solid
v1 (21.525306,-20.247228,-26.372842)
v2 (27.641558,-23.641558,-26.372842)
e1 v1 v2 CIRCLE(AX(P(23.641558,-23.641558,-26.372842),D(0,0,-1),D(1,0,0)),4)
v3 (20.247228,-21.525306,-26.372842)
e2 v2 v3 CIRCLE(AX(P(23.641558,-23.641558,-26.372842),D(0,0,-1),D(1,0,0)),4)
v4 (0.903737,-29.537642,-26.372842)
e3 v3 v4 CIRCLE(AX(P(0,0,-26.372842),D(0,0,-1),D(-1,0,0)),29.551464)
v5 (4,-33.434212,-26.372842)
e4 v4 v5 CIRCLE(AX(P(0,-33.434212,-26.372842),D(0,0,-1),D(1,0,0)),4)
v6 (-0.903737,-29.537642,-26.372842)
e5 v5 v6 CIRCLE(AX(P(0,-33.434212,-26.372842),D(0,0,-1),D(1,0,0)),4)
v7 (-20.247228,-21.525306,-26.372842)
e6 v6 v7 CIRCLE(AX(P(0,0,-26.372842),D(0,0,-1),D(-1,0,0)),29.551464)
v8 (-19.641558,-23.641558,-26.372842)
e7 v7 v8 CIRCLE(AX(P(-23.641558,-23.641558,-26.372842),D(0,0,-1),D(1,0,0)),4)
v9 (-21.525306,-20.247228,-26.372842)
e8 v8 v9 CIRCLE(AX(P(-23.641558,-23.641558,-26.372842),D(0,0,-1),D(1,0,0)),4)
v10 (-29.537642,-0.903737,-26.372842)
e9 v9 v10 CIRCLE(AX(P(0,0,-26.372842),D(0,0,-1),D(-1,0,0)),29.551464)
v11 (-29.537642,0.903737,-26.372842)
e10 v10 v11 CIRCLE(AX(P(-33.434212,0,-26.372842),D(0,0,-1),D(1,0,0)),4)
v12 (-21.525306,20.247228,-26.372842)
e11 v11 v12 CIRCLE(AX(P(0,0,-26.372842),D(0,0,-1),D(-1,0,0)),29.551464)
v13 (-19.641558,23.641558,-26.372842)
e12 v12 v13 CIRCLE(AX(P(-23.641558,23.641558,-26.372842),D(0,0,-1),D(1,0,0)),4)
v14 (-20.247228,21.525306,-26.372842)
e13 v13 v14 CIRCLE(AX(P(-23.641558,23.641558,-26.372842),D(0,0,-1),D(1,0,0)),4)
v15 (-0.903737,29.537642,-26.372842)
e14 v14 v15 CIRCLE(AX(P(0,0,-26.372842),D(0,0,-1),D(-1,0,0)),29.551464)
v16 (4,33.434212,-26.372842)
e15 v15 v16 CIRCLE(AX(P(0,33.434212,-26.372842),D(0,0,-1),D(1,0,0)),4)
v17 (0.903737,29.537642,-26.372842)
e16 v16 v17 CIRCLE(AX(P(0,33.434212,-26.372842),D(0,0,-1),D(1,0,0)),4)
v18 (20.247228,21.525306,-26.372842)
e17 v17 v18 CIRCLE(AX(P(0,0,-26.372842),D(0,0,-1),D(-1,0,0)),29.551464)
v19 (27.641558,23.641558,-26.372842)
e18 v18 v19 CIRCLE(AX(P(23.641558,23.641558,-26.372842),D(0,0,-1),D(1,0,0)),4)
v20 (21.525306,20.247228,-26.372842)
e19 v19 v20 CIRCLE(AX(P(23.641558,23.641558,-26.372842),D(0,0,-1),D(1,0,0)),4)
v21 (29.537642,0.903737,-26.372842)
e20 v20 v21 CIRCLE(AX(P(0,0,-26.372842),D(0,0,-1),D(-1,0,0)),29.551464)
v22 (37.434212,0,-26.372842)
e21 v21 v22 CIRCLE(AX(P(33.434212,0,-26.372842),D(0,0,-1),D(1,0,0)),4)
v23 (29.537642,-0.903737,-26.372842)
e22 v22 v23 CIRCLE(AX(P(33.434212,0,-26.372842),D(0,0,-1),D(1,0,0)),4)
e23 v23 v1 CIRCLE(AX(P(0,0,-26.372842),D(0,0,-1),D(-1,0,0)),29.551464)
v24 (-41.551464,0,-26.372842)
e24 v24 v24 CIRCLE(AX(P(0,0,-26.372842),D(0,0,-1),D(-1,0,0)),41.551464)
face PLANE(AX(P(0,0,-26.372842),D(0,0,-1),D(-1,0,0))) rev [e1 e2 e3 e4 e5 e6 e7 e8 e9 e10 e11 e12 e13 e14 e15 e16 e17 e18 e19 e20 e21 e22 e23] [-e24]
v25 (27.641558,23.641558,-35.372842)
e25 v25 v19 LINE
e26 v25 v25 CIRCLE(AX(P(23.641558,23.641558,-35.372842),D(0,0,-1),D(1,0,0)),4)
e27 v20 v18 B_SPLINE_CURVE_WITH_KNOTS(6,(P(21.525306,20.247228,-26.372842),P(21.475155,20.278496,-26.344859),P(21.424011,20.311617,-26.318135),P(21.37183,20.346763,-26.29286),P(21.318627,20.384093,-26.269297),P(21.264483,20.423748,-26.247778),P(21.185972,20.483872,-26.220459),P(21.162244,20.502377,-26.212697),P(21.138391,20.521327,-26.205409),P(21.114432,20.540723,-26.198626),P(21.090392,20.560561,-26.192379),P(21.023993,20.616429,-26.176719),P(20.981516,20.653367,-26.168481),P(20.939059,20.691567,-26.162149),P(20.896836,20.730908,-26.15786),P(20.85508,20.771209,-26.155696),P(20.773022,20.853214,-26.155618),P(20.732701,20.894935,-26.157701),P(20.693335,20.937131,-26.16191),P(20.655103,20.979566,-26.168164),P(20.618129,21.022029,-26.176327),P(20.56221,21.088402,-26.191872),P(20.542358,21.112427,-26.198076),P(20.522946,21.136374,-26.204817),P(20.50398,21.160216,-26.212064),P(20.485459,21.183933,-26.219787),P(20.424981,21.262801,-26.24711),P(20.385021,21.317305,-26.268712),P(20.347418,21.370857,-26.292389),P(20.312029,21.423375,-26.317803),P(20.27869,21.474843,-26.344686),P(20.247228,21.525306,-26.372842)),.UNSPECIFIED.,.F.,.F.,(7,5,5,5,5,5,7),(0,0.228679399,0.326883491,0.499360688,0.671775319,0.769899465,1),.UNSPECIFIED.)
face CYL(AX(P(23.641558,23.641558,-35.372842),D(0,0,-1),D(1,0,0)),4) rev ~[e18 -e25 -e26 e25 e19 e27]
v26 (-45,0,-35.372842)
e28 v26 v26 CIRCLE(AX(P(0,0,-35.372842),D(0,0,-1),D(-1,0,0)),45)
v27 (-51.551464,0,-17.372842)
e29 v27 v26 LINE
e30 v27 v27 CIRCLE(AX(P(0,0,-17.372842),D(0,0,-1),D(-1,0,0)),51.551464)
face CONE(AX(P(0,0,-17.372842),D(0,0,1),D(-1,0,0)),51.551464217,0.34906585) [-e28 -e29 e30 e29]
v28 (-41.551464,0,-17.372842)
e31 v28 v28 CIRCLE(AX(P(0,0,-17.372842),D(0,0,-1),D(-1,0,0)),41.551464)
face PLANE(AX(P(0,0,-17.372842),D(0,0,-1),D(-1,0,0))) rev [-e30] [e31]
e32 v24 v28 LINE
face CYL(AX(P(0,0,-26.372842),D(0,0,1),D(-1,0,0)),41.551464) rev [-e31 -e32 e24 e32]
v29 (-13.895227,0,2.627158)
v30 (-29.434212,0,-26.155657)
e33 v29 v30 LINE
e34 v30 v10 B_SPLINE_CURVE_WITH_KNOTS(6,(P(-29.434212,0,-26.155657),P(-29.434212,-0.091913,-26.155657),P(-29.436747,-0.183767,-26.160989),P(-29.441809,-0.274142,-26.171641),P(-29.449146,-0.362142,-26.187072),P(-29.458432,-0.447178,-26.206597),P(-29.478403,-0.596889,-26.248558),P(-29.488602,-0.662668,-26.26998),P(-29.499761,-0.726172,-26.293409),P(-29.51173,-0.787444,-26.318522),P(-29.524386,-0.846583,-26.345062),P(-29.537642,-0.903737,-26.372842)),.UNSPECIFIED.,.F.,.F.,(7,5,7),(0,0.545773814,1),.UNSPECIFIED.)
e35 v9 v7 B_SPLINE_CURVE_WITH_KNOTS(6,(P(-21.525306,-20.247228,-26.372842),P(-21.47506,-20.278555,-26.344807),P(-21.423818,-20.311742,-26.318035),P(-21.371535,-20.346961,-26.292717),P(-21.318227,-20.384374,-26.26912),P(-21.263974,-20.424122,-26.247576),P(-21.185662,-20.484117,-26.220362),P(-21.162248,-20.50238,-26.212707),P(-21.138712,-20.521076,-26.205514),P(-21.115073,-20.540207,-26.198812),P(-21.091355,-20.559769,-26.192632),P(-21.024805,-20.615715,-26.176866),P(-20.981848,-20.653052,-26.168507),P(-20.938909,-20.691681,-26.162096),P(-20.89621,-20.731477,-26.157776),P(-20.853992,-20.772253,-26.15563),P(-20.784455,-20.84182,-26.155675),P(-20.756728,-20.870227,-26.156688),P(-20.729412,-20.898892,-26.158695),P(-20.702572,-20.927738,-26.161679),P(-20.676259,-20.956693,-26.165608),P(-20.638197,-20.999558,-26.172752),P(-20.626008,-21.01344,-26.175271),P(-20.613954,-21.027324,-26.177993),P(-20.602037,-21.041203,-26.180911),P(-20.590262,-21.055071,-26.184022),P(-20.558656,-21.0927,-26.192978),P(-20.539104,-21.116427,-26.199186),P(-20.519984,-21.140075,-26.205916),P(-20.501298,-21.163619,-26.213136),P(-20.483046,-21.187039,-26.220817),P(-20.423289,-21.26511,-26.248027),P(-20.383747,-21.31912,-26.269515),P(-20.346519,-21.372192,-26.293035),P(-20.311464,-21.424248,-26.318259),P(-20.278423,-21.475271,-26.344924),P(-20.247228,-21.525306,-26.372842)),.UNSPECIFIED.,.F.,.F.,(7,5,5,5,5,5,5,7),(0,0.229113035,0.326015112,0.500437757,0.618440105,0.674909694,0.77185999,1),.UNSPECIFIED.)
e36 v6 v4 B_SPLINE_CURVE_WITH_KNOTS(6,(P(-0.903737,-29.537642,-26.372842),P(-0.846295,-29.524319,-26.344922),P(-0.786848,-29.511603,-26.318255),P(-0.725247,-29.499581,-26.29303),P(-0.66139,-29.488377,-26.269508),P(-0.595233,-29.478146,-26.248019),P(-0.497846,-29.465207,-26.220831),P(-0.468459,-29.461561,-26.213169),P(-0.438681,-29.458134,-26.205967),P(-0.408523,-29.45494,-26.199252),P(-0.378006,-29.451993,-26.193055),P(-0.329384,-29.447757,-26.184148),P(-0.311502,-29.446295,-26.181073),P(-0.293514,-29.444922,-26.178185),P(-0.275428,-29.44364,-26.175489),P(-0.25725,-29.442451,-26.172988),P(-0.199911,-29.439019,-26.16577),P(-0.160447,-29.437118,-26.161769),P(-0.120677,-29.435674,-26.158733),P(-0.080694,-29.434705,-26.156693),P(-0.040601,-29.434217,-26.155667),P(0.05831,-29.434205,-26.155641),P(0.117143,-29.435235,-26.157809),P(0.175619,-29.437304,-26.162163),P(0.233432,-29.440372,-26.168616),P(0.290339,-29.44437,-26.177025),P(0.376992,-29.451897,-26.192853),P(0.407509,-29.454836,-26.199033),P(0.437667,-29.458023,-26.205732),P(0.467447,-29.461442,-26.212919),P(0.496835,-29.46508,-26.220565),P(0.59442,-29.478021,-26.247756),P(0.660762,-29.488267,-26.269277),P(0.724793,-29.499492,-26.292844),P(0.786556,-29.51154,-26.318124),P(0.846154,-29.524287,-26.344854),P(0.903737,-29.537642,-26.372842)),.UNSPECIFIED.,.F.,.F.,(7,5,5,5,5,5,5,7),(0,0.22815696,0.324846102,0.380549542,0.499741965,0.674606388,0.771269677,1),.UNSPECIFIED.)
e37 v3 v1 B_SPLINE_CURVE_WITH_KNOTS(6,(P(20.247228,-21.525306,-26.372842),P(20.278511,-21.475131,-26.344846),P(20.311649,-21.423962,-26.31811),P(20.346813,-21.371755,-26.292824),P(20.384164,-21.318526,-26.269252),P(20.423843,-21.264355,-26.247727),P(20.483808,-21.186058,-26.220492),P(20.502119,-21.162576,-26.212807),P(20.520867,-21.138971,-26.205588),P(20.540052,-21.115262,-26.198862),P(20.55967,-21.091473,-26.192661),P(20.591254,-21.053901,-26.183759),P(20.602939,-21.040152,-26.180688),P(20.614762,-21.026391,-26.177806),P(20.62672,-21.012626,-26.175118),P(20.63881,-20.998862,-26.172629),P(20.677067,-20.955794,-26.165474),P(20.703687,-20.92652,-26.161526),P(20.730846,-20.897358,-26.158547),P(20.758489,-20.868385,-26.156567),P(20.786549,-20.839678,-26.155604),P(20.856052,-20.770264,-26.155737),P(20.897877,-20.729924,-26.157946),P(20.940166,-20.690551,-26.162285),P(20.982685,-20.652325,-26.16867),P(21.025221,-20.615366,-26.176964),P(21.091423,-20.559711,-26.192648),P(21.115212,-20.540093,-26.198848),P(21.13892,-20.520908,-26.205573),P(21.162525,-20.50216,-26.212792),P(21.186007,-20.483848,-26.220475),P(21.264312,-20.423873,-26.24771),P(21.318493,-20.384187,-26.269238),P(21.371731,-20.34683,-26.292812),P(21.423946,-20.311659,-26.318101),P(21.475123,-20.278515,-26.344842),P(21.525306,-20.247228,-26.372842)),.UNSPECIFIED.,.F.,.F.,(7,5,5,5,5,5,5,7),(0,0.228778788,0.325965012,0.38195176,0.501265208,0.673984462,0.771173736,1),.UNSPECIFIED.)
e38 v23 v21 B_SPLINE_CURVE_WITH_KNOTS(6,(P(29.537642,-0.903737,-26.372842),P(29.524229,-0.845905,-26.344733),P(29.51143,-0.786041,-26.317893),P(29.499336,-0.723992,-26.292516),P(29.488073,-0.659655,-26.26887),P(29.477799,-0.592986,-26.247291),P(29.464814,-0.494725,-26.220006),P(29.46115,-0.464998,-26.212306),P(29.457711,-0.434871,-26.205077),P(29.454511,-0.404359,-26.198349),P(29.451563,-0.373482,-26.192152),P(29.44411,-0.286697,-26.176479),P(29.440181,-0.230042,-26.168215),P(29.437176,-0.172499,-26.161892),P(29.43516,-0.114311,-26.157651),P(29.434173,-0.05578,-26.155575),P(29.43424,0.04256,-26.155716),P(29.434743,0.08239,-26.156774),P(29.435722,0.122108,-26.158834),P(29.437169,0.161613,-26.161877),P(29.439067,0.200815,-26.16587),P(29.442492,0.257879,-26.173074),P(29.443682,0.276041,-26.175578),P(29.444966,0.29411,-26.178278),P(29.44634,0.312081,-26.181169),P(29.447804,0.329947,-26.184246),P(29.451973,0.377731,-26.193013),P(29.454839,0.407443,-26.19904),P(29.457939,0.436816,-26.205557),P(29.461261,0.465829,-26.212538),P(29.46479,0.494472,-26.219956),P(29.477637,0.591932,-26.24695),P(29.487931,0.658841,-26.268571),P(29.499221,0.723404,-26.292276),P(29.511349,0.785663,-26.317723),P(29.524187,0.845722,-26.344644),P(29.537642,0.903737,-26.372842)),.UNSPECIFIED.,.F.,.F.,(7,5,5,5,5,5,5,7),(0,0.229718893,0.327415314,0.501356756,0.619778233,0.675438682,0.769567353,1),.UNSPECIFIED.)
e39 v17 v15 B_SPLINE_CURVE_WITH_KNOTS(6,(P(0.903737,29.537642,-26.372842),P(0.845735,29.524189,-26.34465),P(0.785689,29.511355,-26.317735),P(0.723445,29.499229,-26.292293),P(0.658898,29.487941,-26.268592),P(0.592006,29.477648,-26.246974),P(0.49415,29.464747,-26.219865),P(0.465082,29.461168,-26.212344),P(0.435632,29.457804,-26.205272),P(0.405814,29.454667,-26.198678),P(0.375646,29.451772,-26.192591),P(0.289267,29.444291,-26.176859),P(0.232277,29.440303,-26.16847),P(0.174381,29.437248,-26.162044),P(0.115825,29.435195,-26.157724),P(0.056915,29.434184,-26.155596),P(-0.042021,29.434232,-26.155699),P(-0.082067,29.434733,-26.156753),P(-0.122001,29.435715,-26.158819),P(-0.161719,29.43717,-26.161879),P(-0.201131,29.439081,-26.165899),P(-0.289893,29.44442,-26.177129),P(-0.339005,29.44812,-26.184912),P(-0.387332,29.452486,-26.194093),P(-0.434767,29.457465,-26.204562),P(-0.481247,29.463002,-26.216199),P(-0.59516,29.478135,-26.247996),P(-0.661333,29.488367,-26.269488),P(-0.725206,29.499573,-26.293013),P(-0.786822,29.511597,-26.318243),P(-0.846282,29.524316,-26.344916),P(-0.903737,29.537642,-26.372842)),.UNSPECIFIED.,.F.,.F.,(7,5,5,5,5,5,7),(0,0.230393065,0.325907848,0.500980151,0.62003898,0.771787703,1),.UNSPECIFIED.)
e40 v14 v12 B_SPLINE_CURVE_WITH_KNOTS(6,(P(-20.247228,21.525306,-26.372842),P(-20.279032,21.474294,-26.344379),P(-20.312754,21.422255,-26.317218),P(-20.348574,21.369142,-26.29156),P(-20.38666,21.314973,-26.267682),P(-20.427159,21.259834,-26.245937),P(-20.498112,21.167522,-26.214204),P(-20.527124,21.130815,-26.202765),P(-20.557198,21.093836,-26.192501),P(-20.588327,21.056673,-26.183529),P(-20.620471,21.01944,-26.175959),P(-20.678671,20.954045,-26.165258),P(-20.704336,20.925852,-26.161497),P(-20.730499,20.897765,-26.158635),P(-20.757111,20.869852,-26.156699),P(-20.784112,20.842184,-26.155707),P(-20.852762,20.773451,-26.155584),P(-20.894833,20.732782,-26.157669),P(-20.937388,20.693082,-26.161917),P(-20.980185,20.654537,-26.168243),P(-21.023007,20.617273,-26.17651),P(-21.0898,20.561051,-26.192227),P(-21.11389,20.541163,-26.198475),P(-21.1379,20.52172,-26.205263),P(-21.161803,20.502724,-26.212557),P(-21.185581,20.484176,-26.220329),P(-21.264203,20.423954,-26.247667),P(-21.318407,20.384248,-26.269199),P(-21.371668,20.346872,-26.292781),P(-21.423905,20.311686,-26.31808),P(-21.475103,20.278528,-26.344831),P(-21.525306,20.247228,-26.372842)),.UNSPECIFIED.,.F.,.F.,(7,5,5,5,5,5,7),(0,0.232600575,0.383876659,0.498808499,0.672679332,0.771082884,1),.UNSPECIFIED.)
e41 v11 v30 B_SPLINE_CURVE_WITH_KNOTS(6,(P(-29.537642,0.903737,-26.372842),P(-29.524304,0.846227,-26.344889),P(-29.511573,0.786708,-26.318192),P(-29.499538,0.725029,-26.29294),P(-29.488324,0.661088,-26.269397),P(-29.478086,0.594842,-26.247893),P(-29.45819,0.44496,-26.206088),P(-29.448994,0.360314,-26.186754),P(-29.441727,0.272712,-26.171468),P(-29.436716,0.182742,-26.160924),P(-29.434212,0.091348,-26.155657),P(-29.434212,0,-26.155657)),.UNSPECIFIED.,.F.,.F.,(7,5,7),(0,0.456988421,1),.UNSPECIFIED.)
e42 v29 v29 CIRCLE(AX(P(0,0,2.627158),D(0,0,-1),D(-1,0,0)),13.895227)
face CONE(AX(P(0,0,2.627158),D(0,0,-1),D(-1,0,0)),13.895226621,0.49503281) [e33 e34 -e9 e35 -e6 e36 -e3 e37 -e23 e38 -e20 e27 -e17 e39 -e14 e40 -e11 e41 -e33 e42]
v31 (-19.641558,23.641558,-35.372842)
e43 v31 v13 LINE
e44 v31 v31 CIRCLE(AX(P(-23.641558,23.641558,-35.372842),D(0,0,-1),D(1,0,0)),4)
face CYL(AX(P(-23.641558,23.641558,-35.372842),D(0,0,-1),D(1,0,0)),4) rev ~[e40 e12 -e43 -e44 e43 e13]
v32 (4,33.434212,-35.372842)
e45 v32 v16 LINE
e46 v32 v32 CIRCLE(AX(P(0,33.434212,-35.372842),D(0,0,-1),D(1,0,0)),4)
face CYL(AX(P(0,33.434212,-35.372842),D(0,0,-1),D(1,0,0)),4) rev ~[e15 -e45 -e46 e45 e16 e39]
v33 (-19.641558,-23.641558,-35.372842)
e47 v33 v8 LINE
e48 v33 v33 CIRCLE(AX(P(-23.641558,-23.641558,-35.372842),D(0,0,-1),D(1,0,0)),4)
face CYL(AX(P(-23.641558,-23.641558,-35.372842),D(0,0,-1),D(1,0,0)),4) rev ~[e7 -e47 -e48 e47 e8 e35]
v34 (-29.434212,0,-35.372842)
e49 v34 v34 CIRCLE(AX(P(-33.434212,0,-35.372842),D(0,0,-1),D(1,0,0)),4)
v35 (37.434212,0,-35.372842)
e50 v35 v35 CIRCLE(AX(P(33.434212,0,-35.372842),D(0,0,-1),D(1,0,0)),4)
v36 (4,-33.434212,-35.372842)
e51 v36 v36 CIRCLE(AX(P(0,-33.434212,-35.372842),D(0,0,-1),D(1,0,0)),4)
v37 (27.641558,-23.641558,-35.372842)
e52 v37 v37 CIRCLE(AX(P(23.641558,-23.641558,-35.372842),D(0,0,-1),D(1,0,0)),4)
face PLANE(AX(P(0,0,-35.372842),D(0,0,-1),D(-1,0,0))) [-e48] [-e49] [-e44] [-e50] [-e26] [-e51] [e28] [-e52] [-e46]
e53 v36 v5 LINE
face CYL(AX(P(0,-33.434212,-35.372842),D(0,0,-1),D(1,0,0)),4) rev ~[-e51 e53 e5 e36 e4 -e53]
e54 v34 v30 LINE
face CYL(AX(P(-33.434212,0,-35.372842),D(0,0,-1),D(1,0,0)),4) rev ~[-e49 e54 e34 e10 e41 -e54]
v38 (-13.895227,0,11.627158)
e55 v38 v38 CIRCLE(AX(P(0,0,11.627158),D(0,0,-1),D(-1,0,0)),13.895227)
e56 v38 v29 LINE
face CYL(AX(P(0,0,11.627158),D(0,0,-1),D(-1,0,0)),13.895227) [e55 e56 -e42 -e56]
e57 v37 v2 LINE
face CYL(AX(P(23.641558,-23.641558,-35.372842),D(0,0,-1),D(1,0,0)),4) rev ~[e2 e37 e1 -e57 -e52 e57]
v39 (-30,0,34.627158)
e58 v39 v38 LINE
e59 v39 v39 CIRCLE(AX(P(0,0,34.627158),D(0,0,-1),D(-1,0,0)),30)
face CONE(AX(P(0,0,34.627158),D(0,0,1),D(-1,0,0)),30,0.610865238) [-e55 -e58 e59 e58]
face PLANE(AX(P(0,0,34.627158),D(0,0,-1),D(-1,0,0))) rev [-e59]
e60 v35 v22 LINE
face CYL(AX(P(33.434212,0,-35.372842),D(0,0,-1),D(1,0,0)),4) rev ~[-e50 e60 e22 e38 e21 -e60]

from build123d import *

# Parameters (mm, degrees)
F2_R     = 4
F3_DEPTH = 9.2181856301


with BuildPart() as f1:
    # F0 (on Front) → F1 (revolve)
    with BuildSketch(Plane.XZ):
        Polygon((0, -35.3728421032), (0, 34.6271578968), (-30, 34.6271578968), (-13.8952266212, 11.6271578968), (-13.8952266212, 2.6271578968), (-29.5514642168, -26.3728421032), (-41.5514642168, -26.3728421032), (-41.5514642168, -17.3728421032), (-51.5514642168, -17.3728421032), (-45, -35.3728421032), align=None)
    revolve(axis=Axis((0, 0, -0.3728421032), (0, 0, -1)))

    # F2 (on face) → F3 (cut, through all)
    with BuildSketch(Plane(origin=(0, 0, -35.3728421032), x_dir=(1, 0, 0), z_dir=(0, 0, -1))):
        with Locations((-33.4342122078, 0)):
            Circle(F2_R)
        with Locations((-23.6415581758, -23.6415581758)):
            Circle(F2_R)
        with Locations((0, -33.4342122078)):
            Circle(F2_R)
        with Locations((23.6415581758, -23.6415581758)):
            Circle(F2_R)
        with Locations((33.4342122078, 0)):
            Circle(F2_R)
        with Locations((23.6415581758, 23.6415581758)):
            Circle(F2_R)
        with Locations((0, 33.4342122078)):
            Circle(F2_R)
        with Locations((-23.6415581758, 23.6415581758)):
            Circle(F2_R)
    extrude(amount=-F3_DEPTH, mode=Mode.SUBTRACT)


solid = f1.part
